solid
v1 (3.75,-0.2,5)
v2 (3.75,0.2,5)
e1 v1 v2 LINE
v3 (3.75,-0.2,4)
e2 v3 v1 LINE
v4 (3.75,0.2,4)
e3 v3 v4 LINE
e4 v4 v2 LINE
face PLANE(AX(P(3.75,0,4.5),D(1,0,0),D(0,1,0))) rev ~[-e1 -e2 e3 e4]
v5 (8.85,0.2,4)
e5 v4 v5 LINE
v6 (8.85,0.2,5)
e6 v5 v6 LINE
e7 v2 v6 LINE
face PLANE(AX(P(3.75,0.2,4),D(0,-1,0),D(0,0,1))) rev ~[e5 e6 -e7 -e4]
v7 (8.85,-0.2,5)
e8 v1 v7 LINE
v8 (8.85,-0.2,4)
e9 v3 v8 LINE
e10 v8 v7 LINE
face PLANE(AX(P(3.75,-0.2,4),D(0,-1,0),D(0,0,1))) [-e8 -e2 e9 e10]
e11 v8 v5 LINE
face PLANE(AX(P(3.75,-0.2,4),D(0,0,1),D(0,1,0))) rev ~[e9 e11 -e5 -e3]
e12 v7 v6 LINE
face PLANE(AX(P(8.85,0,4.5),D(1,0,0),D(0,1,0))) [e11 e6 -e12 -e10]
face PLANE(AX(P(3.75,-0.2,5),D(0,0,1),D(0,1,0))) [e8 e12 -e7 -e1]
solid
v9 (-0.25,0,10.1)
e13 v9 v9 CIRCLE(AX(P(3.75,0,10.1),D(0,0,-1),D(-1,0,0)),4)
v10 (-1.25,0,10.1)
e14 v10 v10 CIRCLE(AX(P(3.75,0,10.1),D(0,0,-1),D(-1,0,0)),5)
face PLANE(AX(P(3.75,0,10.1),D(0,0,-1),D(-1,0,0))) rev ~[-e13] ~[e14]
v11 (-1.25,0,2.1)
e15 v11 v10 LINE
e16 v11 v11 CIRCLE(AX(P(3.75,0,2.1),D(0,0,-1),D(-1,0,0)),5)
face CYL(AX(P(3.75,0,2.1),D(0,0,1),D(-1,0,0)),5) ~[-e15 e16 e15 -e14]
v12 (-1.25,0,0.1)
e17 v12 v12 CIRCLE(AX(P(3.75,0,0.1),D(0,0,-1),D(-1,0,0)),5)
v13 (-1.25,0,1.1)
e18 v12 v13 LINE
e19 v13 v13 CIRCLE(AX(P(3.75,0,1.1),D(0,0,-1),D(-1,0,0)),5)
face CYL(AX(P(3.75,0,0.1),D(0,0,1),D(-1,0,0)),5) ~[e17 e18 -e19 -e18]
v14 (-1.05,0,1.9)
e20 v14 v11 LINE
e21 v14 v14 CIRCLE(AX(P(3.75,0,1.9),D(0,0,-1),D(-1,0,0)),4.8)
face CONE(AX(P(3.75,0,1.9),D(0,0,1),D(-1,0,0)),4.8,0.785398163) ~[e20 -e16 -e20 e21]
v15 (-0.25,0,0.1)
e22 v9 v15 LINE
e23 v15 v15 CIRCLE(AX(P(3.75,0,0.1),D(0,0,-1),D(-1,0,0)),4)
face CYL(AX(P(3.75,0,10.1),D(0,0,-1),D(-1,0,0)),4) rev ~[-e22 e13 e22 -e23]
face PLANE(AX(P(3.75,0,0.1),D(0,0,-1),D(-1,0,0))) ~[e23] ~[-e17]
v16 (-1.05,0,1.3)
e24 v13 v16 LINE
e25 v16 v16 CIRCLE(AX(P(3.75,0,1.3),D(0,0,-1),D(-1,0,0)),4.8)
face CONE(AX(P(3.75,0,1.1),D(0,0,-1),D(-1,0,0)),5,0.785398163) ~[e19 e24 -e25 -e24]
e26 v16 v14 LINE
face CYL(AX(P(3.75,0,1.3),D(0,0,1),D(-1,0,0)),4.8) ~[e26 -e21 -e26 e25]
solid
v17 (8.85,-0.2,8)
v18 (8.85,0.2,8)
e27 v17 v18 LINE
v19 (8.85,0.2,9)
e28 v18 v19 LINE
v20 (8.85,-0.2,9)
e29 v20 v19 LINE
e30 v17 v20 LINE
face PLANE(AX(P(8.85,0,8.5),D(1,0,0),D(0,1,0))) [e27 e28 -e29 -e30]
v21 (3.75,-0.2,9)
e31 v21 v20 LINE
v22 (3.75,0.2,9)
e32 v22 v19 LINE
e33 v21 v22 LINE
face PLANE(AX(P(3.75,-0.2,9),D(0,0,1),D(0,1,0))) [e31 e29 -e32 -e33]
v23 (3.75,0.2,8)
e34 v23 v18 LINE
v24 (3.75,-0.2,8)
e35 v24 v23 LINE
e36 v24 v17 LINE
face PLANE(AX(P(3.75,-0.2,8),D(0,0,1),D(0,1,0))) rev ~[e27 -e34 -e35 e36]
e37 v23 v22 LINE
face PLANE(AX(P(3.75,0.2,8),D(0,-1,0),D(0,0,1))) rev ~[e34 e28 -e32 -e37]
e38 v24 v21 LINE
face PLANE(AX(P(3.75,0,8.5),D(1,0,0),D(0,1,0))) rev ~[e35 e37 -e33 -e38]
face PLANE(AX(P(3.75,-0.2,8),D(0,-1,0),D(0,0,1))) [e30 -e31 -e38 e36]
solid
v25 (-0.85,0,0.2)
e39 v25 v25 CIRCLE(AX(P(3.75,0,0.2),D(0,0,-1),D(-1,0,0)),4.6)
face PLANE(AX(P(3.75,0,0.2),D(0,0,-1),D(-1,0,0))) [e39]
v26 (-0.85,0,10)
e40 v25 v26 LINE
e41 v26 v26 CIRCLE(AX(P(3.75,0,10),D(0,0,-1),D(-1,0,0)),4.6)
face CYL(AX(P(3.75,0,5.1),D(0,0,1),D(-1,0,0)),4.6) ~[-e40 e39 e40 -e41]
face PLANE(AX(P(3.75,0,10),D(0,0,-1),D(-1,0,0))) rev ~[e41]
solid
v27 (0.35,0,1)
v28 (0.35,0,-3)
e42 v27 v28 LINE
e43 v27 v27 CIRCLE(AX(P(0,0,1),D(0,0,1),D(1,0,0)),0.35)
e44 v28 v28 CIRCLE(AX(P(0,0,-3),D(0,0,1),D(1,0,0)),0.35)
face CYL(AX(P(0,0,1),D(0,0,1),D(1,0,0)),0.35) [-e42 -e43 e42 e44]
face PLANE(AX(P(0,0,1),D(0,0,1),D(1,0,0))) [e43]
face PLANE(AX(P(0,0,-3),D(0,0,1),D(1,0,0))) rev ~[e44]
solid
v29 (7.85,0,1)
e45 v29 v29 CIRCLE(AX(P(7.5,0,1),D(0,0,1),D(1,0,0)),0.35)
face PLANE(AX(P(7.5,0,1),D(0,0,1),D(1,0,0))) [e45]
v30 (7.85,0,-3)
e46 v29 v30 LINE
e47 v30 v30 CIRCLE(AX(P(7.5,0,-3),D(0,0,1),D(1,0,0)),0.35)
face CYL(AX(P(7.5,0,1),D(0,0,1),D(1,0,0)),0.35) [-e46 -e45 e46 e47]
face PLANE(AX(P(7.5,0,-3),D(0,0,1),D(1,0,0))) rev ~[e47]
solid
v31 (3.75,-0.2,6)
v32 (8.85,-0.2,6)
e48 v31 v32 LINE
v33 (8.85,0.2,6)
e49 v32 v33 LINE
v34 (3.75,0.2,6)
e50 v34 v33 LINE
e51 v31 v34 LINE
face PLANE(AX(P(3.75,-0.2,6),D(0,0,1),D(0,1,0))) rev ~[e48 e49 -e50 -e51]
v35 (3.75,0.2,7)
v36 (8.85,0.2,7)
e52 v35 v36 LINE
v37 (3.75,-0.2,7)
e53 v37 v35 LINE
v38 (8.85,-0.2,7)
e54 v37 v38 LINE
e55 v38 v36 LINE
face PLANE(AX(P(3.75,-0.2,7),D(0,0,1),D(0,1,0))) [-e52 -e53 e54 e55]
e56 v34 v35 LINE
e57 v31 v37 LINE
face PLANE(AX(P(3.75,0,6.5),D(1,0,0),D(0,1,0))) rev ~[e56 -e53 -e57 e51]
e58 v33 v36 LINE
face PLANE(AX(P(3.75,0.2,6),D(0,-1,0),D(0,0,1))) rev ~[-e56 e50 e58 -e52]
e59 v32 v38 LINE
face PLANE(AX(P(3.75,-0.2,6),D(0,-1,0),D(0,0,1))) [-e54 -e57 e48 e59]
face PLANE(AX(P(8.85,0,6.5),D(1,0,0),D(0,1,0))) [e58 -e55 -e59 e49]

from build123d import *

# Parameters (mm, degrees)
SKETCH002_W  = 4.6
SKETCH002_H  = 9.8
SKETCH003_R  = 0.35
PAD_DEPTH    = 4
SKETCH004_W  = 0.4
SKETCH004_H  = 1
PAD001_DEPTH = 5.1


with BuildPart() as revolution:
    # Sketch → Revolution (revolve)
    with BuildSketch(Plane.XZ):
        Polygon((-1.25, 0.1), (-1.25, 1.1), (-1.05, 1.3), (-1.05, 1.9), (-1.25, 2.1), (-1.25, 10.1), (-0.25, 10.1), (-0.25, 0.1), align=None)
    revolve(axis=Axis((3.75, 0, 7.548619), (0, 0, -1)))


with BuildPart() as revolution001:
    # Sketch002 → Revolution001 (revolve)
    with BuildSketch(Plane.XZ):
        with Locations((1.45, 5.1)):
            Rectangle(SKETCH002_W, SKETCH002_H)
    revolve(axis=Axis((3.75, 0, 4.680116), (0, 0, -1)))


with BuildPart() as pad:
    # Sketch003 → Pad (new body)
    with BuildSketch(Plane.XY.offset(1)):
        Circle(SKETCH003_R)
        with Locations((7.5, 0)):
            Circle(SKETCH003_R)
    extrude(amount=-PAD_DEPTH)


with BuildPart() as pad001:
    # Sketch004 → Pad001 (new body)
    with BuildSketch(Plane.YZ.offset(3.75)):
        with Locations((0, 4.5)):
            Rectangle(SKETCH004_W, SKETCH004_H)
        with Locations((0, 6.5)):
            Rectangle(SKETCH004_W, SKETCH004_H)
        with Locations((0, 8.5)):
            Rectangle(SKETCH004_W, SKETCH004_H)
    extrude(amount=PAD001_DEPTH)


solid = Compound([revolution.part, revolution001.part, pad.part, pad001.part])
